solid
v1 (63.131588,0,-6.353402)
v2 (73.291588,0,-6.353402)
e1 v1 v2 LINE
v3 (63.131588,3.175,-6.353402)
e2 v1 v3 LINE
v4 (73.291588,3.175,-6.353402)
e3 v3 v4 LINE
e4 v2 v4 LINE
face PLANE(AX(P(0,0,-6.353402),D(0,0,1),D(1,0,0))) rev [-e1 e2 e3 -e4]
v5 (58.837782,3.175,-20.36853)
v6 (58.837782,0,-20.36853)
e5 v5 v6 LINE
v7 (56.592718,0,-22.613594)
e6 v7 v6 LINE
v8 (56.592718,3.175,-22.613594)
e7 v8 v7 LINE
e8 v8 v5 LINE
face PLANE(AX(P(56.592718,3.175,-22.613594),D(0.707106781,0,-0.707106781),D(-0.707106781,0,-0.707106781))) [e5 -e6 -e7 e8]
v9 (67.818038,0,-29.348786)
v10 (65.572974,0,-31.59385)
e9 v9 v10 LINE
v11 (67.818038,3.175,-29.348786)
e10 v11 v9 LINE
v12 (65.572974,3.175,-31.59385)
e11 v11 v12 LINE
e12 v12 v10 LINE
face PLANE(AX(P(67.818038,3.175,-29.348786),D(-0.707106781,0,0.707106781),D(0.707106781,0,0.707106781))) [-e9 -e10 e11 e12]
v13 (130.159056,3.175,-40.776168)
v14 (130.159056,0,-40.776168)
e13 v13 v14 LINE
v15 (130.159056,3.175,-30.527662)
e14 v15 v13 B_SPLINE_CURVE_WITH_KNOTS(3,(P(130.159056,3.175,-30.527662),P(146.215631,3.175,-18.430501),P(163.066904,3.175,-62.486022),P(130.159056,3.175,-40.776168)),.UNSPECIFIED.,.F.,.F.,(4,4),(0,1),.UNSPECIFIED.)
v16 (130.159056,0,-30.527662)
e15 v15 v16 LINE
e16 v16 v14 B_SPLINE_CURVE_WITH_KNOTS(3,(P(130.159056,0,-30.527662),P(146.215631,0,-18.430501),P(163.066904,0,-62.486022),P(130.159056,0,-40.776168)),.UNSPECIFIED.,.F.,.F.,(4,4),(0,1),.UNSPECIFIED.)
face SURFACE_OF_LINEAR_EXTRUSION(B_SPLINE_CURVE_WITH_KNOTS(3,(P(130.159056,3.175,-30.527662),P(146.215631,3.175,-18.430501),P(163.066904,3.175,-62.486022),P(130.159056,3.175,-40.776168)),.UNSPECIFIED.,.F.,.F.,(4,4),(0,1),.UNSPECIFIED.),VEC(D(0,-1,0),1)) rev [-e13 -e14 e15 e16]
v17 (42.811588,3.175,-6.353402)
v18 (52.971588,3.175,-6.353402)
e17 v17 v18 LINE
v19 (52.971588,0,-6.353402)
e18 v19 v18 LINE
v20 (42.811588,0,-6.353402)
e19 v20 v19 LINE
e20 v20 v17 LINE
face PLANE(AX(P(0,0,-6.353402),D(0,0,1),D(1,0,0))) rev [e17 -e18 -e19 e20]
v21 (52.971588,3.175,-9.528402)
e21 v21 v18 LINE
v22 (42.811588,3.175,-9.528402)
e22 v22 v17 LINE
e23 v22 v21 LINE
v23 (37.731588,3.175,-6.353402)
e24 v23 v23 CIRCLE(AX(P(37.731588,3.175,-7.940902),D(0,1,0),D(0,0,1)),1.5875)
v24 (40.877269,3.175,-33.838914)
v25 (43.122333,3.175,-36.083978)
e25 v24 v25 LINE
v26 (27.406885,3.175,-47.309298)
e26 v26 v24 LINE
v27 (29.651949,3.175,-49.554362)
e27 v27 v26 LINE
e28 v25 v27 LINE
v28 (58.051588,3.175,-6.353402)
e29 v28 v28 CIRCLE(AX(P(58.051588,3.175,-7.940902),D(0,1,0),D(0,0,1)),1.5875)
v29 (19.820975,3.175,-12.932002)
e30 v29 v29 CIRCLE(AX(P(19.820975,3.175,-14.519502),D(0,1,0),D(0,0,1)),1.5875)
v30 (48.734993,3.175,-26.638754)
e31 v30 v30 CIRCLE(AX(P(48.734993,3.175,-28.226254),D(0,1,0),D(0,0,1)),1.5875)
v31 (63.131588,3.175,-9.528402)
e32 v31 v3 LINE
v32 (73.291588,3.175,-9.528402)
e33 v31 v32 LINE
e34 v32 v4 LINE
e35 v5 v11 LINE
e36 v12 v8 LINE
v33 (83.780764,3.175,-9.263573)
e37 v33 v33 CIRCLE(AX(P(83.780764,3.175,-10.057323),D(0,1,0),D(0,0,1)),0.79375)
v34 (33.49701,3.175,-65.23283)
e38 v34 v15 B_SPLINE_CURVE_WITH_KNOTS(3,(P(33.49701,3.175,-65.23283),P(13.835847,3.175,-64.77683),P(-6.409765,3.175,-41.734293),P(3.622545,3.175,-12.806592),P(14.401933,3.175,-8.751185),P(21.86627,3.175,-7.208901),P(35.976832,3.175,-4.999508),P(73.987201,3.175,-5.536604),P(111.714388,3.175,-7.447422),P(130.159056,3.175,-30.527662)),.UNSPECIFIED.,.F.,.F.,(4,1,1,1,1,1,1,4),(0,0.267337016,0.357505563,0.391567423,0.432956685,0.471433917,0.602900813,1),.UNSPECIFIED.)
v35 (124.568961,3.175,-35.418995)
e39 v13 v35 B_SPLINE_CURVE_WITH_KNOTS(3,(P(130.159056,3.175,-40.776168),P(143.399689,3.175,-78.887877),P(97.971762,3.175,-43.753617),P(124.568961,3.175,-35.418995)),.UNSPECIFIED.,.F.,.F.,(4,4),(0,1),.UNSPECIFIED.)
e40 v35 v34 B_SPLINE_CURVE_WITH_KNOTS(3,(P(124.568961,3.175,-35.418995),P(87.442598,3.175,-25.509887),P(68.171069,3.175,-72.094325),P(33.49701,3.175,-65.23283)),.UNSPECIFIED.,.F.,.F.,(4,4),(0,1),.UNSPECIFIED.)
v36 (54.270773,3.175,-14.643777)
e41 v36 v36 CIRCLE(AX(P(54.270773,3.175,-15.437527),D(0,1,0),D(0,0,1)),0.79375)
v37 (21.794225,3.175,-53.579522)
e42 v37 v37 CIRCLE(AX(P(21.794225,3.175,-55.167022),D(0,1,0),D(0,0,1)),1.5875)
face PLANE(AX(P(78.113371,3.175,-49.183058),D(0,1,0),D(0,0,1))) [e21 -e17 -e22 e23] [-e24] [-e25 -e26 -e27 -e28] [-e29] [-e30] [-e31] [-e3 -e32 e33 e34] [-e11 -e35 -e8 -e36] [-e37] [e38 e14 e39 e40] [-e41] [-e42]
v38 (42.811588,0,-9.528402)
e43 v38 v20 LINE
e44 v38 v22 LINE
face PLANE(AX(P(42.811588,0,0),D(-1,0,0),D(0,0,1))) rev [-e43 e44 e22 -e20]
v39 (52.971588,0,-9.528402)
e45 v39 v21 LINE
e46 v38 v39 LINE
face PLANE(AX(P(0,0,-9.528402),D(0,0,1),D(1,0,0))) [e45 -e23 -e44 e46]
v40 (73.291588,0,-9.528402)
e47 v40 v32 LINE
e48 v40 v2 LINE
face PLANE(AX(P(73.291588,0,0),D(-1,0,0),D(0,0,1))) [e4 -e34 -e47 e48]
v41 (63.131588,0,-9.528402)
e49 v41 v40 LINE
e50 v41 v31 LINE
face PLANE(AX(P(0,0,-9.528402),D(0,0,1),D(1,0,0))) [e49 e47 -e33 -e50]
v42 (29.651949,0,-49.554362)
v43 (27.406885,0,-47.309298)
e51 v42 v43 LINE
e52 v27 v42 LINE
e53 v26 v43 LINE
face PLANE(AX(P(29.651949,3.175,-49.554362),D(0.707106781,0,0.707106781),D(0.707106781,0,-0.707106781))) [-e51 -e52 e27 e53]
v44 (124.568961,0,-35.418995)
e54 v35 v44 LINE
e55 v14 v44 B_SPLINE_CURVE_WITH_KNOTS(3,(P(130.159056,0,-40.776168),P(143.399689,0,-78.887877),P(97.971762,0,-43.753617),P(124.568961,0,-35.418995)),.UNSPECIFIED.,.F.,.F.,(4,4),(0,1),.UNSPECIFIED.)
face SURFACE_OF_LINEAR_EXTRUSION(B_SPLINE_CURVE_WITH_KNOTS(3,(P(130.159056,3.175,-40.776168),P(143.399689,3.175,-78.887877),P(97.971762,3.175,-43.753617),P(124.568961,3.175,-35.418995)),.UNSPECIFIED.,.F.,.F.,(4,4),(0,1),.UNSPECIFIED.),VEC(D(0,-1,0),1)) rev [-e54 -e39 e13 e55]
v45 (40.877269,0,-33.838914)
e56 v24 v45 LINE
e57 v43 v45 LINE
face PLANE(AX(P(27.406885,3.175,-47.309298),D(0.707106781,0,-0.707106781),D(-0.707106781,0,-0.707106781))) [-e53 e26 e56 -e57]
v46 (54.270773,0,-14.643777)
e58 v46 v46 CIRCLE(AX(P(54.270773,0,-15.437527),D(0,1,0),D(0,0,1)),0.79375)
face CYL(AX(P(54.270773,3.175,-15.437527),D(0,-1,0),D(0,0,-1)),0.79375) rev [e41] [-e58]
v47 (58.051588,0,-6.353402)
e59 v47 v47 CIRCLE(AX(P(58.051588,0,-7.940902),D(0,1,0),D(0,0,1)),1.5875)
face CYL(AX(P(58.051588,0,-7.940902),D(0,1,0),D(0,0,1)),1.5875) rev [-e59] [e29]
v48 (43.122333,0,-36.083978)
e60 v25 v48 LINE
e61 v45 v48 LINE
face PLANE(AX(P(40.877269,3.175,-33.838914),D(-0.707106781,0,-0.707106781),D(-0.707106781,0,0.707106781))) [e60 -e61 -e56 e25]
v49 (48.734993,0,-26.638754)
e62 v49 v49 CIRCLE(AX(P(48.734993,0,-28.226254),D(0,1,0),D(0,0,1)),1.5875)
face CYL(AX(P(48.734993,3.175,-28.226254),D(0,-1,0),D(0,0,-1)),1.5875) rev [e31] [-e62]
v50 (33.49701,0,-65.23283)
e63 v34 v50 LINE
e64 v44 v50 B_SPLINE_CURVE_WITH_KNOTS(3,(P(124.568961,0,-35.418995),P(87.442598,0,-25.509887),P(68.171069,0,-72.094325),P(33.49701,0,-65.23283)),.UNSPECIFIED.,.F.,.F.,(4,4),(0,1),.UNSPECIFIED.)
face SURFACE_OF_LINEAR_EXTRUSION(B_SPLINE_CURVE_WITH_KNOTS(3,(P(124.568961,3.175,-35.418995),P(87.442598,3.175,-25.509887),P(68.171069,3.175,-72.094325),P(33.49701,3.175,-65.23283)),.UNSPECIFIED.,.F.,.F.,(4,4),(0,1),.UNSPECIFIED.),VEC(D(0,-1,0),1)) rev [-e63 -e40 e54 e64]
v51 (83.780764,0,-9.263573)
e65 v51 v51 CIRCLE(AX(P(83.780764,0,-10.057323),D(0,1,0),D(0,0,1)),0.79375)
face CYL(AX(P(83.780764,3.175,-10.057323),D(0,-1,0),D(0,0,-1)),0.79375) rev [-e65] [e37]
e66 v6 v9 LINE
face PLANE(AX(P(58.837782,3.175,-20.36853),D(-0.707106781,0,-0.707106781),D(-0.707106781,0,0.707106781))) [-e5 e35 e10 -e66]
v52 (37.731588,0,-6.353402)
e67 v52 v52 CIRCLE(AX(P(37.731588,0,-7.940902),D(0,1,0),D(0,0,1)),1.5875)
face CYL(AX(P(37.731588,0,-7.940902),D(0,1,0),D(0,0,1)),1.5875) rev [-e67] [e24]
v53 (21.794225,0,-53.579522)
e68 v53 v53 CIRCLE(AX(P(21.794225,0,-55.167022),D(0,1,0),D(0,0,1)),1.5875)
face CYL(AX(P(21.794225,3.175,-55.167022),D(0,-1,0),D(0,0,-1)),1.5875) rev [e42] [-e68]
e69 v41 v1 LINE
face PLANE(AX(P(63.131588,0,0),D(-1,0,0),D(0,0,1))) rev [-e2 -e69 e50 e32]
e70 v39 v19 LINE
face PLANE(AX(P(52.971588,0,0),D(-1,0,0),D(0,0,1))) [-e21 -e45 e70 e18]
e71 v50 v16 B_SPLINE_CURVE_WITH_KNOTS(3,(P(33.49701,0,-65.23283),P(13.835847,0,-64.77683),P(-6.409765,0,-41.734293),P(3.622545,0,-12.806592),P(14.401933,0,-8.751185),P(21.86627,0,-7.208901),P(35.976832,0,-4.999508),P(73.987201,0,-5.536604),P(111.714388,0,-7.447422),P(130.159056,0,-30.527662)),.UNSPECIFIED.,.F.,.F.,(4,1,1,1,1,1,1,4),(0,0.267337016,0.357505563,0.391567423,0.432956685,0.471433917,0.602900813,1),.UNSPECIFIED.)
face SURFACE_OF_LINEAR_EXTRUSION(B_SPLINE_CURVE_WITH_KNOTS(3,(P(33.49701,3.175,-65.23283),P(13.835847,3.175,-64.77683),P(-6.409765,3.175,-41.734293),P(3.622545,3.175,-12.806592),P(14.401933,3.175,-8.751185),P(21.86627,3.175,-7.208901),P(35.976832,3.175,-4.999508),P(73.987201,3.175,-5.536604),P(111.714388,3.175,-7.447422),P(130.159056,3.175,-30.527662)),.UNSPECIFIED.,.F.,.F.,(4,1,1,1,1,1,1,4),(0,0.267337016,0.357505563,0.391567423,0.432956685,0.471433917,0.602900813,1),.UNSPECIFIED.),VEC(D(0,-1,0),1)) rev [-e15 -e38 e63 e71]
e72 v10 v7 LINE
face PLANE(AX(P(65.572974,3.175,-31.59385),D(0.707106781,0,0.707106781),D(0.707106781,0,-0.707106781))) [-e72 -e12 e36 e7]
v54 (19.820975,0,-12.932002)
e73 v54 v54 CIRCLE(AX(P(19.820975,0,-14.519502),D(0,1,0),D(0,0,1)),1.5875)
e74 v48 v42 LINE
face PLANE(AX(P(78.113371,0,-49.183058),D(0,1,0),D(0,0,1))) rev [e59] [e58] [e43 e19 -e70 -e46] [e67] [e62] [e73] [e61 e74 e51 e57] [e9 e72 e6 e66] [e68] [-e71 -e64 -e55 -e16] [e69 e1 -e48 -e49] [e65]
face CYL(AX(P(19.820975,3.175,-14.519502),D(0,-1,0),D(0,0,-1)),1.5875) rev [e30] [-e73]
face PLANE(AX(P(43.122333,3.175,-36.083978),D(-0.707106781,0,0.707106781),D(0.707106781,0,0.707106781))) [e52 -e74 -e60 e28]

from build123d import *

# Parameters (mm, degrees)
SKETCH2_R           = 0.79375
SKETCH2_R_2         = 1.5875
BOSS_EXTRUDE1_DEPTH = 3.175
SKETCH6_R           = 1.5875
SKETCH6_W           = 10.16
SKETCH6_H           = 3.175
CUT_EXTRUDE7_DEPTH  = 3.175


with BuildPart() as part:
    # Sketch2 → Boss-Extrude1 (new body)
    with BuildSketch(Plane(origin=(0, 0, 0), x_dir=(1, 0, 0), z_dir=(0, 1, 0))):
        with BuildLine():
            add(Edge.make_bspline(
                [(33.497009682, 65.232830434), (13.835847475, 64.776830272), (-6.409764626, 41.73429338), (3.622545376, 12.806591648), (14.401932892, 8.751185323), (21.866269504, 7.208900872), (35.976831579, 4.999507913), (73.987200978, 5.536603608), (111.714388313, 7.447421867), (130.159055539, 30.527662162)],
                knots=[0, 0, 0, 0, 0.267337016, 0.357505563, 0.391567423, 0.432956685, 0.471433917, 0.602900813, 1, 1, 1, 1], degree=3))
            add(Edge.make_bspline(
                [(130.159055539, 30.527662162), (146.215631414, 18.430501295), (163.066903523, 62.486021671), (130.159055539, 40.776168229)],
                knots=[0, 0, 0, 0, 1, 1, 1, 1], degree=3))
            add(Edge.make_bspline(
                [(124.56896132, 35.418994603), (97.971761813, 43.753617373), (143.399689125, 78.887876507), (130.159055539, 40.776168229)],
                knots=[0, 0, 0, 0, 1, 1, 1, 1], degree=3))
            add(Edge.make_bspline(
                [(33.497009682, 65.232830434), (68.171069047, 72.094325348), (87.442597609, 25.509886786), (124.56896132, 35.418994603)],
                knots=[0, 0, 0, 0, 1, 1, 1, 1], degree=3))
        make_face()
        with Locations((54.270772962, 15.437527161)):
            Circle(SKETCH2_R, mode=Mode.SUBTRACT)
        with Locations((83.780763613, 10.057323349)):
            Circle(SKETCH2_R, mode=Mode.SUBTRACT)
        with Locations((21.794225131, 55.167022129)):
            Circle(SKETCH2_R_2, mode=Mode.SUBTRACT)
        with Locations((48.734993495, 28.226253766)):
            Circle(SKETCH2_R_2, mode=Mode.SUBTRACT)
        with Locations((19.8209749, 14.519501599)):
            Circle(SKETCH2_R_2, mode=Mode.SUBTRACT)
        Polygon((27.406885207, 47.309298023), (40.877269389, 33.838913841), (43.122333419, 36.083977871), (29.651949237, 49.554362053), align=None, mode=Mode.SUBTRACT)
        Polygon((58.837781631, 20.36852966), (67.818037752, 29.348785781), (65.572973722, 31.593849811), (56.5927176, 22.61359369), align=None, mode=Mode.SUBTRACT)
    extrude(amount=BOSS_EXTRUDE1_DEPTH)

    # Sketch6 → Cut-Extrude7 (cut)
    with BuildSketch(Plane(origin=(0, 3.175, 0), x_dir=(1, 0, 0), z_dir=(0, 1, 0))):
        with Locations((37.731588031, 7.940901599)):
            Circle(SKETCH6_R)
        with Locations((47.891588031, 7.940901599)):
            Rectangle(SKETCH6_W, SKETCH6_H)
        with Locations((58.051588031, 7.940901599)):
            Circle(SKETCH6_R)
        with Locations((68.211588031, 7.940901599)):
            Rectangle(SKETCH6_W, SKETCH6_H)
    extrude(amount=-CUT_EXTRUDE7_DEPTH, mode=Mode.SUBTRACT)


solid = part.part
